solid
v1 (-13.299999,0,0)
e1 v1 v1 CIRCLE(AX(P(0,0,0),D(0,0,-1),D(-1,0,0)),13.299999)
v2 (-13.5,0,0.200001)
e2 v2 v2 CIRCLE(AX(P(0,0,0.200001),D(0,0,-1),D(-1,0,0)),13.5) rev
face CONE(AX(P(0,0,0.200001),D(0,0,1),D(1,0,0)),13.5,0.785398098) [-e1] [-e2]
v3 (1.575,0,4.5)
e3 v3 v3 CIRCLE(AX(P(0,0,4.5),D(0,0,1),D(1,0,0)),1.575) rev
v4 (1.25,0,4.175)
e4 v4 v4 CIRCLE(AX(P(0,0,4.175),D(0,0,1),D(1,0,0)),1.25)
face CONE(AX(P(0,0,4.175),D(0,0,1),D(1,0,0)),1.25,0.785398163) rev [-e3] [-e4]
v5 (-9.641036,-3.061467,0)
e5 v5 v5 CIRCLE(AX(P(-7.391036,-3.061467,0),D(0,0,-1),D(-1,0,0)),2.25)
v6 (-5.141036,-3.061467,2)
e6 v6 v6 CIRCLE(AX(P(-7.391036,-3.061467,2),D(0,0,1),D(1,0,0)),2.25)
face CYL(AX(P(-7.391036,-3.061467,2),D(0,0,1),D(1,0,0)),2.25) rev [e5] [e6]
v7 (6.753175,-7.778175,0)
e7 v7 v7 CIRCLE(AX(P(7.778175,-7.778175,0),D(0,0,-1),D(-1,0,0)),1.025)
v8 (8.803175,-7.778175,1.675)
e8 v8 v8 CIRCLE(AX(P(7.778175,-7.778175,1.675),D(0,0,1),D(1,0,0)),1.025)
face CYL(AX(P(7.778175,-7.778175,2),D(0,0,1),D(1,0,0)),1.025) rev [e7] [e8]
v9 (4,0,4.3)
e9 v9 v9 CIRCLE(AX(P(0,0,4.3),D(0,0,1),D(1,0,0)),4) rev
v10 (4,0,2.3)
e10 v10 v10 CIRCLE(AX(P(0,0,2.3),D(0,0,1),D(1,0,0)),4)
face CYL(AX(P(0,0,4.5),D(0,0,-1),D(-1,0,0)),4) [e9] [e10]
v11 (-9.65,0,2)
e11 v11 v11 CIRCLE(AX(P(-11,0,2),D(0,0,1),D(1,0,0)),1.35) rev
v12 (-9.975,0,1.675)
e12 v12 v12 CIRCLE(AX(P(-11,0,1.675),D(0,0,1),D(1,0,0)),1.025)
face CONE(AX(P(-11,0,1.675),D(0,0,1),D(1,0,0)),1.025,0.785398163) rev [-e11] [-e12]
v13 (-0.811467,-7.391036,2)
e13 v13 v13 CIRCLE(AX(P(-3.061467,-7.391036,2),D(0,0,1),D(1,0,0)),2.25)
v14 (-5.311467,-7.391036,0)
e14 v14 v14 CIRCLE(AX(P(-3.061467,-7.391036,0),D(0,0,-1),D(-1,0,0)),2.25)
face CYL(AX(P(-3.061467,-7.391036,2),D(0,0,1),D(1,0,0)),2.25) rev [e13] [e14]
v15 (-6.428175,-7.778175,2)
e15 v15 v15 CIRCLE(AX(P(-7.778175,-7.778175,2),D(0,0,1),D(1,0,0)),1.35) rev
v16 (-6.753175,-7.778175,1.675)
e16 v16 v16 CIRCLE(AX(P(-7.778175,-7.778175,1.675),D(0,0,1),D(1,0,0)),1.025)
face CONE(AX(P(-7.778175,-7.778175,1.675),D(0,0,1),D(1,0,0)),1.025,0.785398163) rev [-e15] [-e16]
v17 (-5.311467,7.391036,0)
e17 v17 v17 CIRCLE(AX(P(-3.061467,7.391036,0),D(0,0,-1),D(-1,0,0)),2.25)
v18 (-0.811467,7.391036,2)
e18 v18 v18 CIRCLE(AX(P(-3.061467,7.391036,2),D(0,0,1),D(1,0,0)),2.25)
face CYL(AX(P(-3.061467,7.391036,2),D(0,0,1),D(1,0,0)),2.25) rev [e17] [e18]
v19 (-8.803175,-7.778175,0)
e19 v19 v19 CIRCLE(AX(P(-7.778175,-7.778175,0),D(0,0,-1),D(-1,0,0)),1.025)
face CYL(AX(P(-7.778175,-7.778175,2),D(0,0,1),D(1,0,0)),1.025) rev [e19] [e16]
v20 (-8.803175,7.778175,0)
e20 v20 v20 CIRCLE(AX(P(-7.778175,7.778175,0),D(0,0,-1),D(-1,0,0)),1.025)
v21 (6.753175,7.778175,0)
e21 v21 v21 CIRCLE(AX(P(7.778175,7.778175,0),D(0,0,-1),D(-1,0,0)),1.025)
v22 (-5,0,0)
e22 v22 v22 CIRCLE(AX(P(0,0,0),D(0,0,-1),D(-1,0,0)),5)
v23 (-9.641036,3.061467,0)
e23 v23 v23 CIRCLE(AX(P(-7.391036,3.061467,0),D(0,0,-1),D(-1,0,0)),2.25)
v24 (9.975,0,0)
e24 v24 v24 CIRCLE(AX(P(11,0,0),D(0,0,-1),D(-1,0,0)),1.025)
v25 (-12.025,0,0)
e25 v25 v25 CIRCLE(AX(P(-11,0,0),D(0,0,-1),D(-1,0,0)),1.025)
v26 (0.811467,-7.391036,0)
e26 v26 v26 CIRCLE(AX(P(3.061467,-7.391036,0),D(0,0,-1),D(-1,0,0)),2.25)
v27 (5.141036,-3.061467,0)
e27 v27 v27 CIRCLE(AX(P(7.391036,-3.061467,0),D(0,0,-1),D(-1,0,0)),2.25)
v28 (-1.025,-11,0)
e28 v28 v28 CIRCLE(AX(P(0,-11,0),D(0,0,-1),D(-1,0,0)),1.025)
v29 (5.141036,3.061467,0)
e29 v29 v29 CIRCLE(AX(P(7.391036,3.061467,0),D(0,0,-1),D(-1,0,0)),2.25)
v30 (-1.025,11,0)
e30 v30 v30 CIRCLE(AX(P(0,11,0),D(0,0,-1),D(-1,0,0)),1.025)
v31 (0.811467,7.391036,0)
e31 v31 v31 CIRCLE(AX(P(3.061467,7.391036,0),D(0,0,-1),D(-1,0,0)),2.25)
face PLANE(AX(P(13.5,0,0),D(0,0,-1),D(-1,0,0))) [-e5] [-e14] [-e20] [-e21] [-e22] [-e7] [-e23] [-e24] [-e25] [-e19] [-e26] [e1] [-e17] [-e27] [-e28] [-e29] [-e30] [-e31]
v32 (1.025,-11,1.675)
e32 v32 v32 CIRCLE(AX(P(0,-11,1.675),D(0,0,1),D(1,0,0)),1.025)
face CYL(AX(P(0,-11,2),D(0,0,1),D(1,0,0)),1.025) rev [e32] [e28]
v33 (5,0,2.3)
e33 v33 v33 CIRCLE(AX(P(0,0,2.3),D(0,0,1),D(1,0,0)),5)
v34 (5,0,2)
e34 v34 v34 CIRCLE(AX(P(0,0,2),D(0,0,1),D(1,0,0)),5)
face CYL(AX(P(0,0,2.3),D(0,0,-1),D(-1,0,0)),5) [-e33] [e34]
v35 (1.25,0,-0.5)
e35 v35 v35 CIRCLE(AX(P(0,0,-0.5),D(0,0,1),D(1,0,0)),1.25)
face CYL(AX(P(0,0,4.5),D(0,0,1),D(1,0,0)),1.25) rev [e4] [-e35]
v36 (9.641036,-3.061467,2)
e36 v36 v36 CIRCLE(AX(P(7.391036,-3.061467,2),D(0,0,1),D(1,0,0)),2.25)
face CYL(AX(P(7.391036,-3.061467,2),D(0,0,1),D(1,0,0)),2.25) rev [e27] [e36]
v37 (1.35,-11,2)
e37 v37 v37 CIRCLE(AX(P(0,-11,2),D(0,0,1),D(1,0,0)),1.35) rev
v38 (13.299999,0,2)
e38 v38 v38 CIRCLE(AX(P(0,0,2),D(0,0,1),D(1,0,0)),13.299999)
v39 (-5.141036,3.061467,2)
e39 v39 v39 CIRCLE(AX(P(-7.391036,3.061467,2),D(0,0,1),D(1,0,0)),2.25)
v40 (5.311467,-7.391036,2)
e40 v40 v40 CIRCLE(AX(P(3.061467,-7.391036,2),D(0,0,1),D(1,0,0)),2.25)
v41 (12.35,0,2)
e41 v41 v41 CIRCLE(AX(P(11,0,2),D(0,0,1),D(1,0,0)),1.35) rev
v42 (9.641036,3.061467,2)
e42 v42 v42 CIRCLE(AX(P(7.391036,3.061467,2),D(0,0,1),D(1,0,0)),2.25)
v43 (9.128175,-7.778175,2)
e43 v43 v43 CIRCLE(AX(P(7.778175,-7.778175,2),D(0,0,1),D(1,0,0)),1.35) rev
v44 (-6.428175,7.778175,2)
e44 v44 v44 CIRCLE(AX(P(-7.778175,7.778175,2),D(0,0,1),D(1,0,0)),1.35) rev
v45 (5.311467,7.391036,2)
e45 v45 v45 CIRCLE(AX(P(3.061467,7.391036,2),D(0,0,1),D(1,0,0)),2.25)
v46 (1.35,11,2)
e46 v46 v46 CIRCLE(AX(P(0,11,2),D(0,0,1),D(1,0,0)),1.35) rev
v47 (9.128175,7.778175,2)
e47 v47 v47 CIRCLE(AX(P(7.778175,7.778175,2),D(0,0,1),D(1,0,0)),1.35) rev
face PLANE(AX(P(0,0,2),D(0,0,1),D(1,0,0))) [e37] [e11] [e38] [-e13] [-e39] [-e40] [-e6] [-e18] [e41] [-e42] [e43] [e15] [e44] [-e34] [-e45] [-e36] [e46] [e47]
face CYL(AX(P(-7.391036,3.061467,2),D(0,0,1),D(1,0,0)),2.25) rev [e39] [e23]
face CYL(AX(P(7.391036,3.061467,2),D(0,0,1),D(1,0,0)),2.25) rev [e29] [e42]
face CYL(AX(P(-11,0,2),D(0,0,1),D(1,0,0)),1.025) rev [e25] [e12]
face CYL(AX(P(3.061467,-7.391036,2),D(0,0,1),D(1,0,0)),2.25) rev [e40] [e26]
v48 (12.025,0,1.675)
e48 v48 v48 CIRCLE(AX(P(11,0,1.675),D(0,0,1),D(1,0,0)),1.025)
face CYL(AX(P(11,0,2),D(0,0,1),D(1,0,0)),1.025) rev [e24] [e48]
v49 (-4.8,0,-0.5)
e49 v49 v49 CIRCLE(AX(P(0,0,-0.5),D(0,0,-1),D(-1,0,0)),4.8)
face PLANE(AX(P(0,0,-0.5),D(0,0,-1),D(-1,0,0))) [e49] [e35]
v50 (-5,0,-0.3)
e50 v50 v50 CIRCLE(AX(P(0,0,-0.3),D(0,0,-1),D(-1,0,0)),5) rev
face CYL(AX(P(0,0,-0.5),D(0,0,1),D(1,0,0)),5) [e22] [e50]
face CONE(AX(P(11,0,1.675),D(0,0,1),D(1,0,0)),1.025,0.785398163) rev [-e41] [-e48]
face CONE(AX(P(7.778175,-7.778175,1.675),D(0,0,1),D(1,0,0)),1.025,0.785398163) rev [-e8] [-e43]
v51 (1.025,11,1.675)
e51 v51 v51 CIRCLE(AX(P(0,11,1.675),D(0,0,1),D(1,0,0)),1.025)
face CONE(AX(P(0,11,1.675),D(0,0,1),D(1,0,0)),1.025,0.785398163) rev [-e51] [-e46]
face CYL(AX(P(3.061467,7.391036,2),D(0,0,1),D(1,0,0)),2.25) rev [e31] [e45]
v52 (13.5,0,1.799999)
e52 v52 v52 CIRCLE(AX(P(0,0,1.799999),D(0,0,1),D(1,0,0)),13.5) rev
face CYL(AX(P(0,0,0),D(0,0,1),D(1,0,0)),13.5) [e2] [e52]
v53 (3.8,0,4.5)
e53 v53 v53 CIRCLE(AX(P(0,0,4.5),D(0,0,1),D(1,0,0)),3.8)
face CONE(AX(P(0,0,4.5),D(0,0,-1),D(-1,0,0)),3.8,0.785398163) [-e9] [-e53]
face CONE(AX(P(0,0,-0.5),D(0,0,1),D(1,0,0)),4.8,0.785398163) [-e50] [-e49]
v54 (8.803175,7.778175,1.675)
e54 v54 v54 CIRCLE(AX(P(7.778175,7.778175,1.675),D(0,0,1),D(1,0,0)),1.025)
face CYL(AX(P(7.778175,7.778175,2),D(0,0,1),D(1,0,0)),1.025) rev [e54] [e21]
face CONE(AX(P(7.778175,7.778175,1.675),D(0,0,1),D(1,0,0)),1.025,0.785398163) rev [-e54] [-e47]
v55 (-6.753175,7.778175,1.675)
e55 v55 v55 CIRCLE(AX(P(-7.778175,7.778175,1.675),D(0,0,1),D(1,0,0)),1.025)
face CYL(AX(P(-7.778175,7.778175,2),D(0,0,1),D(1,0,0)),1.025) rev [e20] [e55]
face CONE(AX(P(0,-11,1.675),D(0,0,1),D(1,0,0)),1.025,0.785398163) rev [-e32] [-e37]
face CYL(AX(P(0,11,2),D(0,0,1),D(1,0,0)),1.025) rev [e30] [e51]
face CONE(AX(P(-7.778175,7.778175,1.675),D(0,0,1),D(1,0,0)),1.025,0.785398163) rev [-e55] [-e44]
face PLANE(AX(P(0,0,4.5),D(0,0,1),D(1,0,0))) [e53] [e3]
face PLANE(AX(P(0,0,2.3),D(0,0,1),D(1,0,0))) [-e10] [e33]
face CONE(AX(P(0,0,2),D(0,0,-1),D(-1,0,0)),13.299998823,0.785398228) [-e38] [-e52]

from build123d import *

# Parameters (mm, degrees)
SKETCH1_W                 = 13.5
SKETCH1_H                 = 2
SKETCH2_R                 = 5
BOSS_EXTRUDE1_DEPTH       = 0.3
SKETCH3_R                 = 4
BOSS_EXTRUDE2_DEPTH       = 2.2
SKETCH4_R                 = 5
BOSS_EXTRUDE3_DEPTH       = 0.5
F_8_CLEARANCE_HOLE1_D     = 4.5
F_8_CLEARANCE_HOLE1_DEPTH = 2.5
F_1_CLEARANCE_HOLE1_D     = 2.05
F_1_CLEARANCE_HOLE1_DEPTH = 2.5
F_2_CLEARANCE_HOLE1_D     = 2.5
F_2_CLEARANCE_HOLE1_DEPTH = 5
CHAMFER1_SIZE             = 0.325
CHAMFER2_SIZE2            = 0.200001177
CHAMFER2_SIZE             = 0.200001151
CHAMFER3_SIZE             = 0.2


with BuildPart() as part:
    # Sketch1 → Revolve1 (revolve)
    with BuildSketch(Plane(origin=(0, 0, 0), x_dir=(1, 0, 0), z_dir=(0, 1, 0))):
        with Locations((6.75, -1)):
            Rectangle(SKETCH1_W, SKETCH1_H)
    revolve(axis=Axis((0, 0, 0), (0, 0, 1)))

    # Sketch2 → Boss-Extrude1 (add)
    with BuildSketch(Plane.XY.offset(2)):
        Circle(SKETCH2_R)
    extrude(amount=BOSS_EXTRUDE1_DEPTH)

    # Sketch3 → Boss-Extrude2 (add)
    with BuildSketch(Plane.XY.offset(2.3)):
        Circle(SKETCH3_R)
    extrude(amount=BOSS_EXTRUDE2_DEPTH)

    # Sketch4 → Boss-Extrude3 (add)
    with BuildSketch(Plane(origin=(0, 0, 0), x_dir=(-1, 0, 0), z_dir=(0, 0, -1))):
        Circle(SKETCH4_R)
    extrude(amount=BOSS_EXTRUDE3_DEPTH)

    # #8 Clearance Hole1
    with Locations(Plane.XY.offset(2)):
        with Locations((3.061467459, 7.39103626), (7.39103626, 3.061467459), (7.39103626, -3.061467459), (3.061467459, -7.39103626), (-3.061467459, -7.39103626), (-7.39103626, -3.061467459), (-7.39103626, 3.061467459), (-3.061467459, 7.39103626)):
            Hole(F_8_CLEARANCE_HOLE1_D / 2, depth=F_8_CLEARANCE_HOLE1_DEPTH)

    # #1 Clearance Hole1
    with Locations(Plane.XY.offset(2)):
        with Locations((7.778174593, 7.778174593), (11, 0), (7.778174593, -7.778174593), (0, -11), (-7.778174593, -7.778174593), (-11, 0), (-7.778174593, 7.778174593), (0, 11)):
            Hole(F_1_CLEARANCE_HOLE1_D / 2, depth=F_1_CLEARANCE_HOLE1_DEPTH)

    # #2 Clearance Hole1
    with Locations(Plane.XY.offset(4.5)):
        with Locations((0, 0)):
            Hole(F_2_CLEARANCE_HOLE1_D / 2, depth=F_2_CLEARANCE_HOLE1_DEPTH)

    # Chamfer1
    chamfer1_edges = [part.edges().sort_by_distance(p)[0] for p in [
        (-6.753174593, -7.778174593, 2),
        (1.025, -11, 2),
        (8.803174593, -7.778174593, 2),
        (12.025, 0, 2),
        (8.803174593, 7.778174593, 2),
        (1.25, 0, 4.5),
        (1.025, 11, 2),
        (-6.753174593, 7.778174593, 2),
        (-9.975, 0, 2),
    ]]
    chamfer(chamfer1_edges, length=CHAMFER1_SIZE)

    # Chamfer2
    chamfer2_edges = [part.edges().sort_by_distance(p)[0] for p in [
        (-13.5, 0, 2),
        (-13.5, 0, 0),
    ]]
    chamfer(chamfer2_edges, length=CHAMFER2_SIZE, length2=CHAMFER2_SIZE2)

    # Chamfer3
    chamfer3_edges = [part.edges().sort_by_distance(p)[0] for p in [
        (-4, 0, 4.5),
        (5, 0, -0.5),
    ]]
    chamfer(chamfer3_edges, length=CHAMFER3_SIZE)


solid = part.part
